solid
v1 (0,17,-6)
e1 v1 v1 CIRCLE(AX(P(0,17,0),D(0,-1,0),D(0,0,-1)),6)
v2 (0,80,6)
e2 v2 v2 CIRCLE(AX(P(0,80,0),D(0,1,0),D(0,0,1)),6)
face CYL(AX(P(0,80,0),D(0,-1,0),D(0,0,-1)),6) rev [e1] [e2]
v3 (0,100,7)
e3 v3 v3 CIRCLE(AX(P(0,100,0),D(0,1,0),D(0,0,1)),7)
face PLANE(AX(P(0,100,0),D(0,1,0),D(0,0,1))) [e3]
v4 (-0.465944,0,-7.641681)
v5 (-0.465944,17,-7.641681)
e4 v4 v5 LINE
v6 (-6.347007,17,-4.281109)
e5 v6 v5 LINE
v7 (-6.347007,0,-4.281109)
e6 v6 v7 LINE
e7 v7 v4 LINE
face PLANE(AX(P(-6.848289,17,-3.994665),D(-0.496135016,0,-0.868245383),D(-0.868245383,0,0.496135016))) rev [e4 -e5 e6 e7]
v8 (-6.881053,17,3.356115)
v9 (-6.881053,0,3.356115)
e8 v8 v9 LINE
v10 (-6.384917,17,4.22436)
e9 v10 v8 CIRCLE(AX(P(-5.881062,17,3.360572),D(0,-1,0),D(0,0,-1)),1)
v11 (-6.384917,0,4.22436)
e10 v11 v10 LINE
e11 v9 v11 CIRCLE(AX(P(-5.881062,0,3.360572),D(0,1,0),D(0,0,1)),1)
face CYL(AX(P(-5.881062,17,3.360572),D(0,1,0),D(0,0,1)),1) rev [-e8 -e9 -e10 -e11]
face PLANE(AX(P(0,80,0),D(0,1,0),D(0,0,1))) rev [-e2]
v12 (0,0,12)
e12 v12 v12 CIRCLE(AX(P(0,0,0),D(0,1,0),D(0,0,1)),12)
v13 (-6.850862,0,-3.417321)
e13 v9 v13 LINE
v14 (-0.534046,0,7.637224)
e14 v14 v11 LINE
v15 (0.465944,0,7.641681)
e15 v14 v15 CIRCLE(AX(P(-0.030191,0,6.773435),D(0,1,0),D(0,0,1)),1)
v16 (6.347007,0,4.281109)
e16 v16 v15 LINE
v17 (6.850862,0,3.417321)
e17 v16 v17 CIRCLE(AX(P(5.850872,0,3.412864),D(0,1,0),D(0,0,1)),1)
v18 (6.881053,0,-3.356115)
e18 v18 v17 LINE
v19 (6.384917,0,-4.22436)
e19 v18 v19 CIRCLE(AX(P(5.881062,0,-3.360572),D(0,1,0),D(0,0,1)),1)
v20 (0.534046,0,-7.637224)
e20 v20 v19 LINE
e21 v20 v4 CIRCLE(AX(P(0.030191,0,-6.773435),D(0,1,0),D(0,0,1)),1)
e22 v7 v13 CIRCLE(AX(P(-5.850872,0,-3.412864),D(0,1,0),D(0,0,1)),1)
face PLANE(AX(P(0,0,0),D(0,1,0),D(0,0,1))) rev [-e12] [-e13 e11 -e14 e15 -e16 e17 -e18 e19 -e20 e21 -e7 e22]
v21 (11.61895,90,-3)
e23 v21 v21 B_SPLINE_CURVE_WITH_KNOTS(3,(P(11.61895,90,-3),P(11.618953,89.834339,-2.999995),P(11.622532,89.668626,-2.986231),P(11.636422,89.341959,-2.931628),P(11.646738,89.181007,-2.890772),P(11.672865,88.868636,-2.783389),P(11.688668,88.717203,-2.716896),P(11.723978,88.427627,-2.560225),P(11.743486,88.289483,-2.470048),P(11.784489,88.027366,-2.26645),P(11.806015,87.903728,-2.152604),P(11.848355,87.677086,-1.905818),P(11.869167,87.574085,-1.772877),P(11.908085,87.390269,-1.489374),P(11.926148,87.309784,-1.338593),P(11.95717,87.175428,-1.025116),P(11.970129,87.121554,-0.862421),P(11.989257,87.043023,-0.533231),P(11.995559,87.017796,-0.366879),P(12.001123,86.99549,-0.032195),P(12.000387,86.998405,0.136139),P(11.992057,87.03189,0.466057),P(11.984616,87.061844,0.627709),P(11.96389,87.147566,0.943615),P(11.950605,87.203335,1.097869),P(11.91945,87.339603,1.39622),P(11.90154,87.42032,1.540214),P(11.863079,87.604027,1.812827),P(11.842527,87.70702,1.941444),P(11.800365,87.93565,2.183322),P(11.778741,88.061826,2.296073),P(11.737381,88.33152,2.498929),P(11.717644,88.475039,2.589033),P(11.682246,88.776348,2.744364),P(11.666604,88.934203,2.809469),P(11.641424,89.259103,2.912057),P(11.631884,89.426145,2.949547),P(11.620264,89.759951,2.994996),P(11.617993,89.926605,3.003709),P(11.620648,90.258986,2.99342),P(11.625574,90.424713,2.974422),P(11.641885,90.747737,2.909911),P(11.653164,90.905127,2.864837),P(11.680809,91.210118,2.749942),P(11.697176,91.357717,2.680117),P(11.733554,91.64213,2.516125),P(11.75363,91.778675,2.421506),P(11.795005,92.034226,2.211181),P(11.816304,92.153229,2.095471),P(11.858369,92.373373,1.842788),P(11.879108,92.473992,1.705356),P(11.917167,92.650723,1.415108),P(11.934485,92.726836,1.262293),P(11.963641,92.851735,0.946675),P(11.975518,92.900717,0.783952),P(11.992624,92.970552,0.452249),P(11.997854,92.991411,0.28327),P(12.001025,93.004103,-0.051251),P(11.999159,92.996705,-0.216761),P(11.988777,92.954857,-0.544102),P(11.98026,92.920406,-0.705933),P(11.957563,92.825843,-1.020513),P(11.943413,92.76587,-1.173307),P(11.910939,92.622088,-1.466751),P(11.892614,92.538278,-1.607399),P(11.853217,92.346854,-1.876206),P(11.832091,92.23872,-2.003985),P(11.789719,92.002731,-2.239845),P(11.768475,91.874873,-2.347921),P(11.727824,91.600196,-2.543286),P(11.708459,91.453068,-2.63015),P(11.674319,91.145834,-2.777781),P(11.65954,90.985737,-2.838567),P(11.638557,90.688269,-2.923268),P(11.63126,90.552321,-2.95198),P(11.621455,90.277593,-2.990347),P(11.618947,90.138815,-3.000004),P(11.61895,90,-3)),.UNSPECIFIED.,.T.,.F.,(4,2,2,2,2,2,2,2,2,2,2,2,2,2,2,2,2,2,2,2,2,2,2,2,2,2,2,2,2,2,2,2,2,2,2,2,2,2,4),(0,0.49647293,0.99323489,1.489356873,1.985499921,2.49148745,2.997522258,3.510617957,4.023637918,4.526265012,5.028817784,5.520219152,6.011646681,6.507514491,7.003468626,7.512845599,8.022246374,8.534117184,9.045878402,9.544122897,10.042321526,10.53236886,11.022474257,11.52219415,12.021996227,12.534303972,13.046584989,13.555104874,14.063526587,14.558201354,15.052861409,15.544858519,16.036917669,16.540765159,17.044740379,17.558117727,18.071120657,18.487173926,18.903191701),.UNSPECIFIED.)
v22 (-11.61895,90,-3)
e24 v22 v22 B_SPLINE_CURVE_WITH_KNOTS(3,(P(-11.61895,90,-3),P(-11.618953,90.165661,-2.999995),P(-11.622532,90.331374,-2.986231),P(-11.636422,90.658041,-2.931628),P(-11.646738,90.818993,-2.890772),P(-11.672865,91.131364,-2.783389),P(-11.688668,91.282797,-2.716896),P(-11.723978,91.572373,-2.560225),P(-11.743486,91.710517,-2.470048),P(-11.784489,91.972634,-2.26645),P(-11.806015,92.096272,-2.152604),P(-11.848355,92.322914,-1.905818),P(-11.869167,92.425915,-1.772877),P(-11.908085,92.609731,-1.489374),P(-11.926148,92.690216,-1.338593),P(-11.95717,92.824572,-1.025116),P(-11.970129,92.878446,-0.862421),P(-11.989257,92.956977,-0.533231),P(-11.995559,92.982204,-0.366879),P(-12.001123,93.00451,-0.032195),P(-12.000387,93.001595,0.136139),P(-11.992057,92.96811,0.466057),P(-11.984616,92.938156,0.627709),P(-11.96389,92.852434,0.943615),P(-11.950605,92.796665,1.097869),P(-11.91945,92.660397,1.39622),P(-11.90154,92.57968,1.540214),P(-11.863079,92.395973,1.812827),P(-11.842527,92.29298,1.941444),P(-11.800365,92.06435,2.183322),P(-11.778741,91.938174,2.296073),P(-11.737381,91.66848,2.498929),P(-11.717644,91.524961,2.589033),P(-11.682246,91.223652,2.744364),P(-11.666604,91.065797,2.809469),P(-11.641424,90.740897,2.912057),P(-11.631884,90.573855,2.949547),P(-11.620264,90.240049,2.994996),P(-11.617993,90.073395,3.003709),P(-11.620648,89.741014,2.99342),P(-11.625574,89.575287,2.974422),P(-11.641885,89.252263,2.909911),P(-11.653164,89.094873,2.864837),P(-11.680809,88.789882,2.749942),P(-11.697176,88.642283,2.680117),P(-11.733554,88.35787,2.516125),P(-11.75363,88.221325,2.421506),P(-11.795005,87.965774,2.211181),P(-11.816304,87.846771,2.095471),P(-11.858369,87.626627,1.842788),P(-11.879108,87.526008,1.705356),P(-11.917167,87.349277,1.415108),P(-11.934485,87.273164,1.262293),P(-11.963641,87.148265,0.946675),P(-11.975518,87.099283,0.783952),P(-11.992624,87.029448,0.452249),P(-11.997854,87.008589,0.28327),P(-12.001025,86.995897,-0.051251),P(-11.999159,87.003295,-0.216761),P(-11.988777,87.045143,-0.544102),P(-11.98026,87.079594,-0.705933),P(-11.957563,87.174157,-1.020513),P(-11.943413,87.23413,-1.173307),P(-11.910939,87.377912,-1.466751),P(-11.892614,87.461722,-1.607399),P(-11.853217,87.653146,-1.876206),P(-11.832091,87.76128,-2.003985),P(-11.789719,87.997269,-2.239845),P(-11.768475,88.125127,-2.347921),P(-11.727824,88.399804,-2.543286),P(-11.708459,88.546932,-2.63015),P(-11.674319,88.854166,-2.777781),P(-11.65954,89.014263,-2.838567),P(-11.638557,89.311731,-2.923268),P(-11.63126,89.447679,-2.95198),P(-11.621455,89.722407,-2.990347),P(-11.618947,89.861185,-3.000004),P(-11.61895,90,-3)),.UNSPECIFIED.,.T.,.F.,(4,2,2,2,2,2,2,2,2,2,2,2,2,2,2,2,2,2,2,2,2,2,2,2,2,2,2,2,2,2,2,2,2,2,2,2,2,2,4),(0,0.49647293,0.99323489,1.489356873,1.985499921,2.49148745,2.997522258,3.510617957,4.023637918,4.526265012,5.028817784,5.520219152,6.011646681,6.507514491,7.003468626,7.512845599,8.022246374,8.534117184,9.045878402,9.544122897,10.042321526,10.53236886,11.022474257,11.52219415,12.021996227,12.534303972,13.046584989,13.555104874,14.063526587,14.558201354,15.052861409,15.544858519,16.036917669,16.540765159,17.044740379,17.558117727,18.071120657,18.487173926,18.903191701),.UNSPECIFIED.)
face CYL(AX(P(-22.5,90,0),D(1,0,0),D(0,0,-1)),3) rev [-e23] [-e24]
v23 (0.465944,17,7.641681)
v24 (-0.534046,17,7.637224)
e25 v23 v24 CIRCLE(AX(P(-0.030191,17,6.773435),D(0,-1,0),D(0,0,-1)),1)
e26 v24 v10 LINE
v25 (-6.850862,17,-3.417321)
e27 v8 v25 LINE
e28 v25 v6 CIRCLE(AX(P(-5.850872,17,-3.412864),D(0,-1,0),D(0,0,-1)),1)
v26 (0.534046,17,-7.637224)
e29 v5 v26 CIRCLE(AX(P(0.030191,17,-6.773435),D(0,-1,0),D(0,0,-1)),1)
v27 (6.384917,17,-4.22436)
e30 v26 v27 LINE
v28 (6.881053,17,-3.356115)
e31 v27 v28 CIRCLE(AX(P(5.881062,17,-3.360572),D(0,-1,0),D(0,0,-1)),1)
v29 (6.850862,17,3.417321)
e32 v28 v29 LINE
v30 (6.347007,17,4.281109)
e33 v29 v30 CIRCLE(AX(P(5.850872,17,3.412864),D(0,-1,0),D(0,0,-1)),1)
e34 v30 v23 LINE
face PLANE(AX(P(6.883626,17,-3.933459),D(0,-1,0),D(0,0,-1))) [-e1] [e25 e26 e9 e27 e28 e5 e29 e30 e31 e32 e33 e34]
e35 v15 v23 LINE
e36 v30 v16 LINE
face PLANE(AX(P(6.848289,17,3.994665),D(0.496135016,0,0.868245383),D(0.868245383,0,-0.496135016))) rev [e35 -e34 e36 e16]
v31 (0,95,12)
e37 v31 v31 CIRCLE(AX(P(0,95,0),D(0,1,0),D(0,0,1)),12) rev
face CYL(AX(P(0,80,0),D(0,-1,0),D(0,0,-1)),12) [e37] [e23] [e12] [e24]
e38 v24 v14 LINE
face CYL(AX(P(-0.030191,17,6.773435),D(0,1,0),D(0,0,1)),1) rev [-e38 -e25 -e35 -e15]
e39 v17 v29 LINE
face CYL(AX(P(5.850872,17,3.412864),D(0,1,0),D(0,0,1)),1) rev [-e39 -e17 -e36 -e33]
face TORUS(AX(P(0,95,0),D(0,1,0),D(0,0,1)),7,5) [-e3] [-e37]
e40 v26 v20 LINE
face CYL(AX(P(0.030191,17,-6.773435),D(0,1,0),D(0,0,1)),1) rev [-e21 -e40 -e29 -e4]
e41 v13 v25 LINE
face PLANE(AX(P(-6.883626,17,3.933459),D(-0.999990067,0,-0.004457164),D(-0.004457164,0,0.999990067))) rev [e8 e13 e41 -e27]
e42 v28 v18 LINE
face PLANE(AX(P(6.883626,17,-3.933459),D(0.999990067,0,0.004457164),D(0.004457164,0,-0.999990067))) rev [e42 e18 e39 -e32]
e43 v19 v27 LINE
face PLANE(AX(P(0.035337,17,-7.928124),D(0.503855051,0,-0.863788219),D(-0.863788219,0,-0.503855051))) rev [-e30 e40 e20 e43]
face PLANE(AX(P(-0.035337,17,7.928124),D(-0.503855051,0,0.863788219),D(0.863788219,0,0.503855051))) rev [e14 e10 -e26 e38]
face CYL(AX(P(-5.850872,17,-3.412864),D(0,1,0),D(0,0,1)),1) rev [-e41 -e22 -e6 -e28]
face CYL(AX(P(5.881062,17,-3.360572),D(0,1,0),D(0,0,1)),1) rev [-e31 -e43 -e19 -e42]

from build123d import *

# Parameters (mm, degrees)
SKETCH_1_R          = 12
SKETCH_1_R_2        = 6
EXTRUDE_1_DEPTH     = 80
CUT_EXTRUDE_1_DEPTH = 17
FILLET_1_R          = 1
SKETCH_3_R          = 12
EXTRUDE_2_DEPTH     = 20
FILLET_2_R          = 5
SKETCH_4_R          = 3
CUT_EXTRUDE_3_DEPTH = 22.5


with BuildPart() as part:
    # Эскиз1 → Вытянуть1 (new body)
    with BuildSketch(Plane(origin=(0, 0, 0), x_dir=(1, 0, 0), z_dir=(0, 1, 0))):
        with Locations(Location((0, 0, 0), (0, 0, 270))):
            Circle(SKETCH_1_R)
        with Locations(Location((0, 0, 0), (0, 0, 270))):
            Circle(SKETCH_1_R_2, mode=Mode.SUBTRACT)
    extrude(amount=EXTRUDE_1_DEPTH)

    # Эскиз2 → Вырез-Вытянуть1 (cut)
    with BuildSketch(Plane.XZ):
        Polygon((6.883625854, -3.933459236), (6.84828855, 3.994665242), (-0.035337304, 7.928124478), (-6.883625854, 3.933459236), (-6.84828855, -3.994665242), (0.035337304, -7.928124478), align=None)
    extrude(amount=-CUT_EXTRUDE_1_DEPTH, mode=Mode.SUBTRACT)

    # Скругление1
    fillet_1_edges = [part.edges().sort_by_distance(p)[0] for p in [
        (6.883625854, 8.5, -3.933459236),
        (0.035337304, 8.5, -7.928124478),
        (-6.84828855, 8.5, -3.994665242),
        (-6.883625854, 8.5, 3.933459236),
        (-0.035337304, 8.5, 7.928124478),
        (6.84828855, 8.5, 3.994665242),
    ]]
    fillet(fillet_1_edges, radius=FILLET_1_R)

    # Эскиз3 → Вытянуть2 (add)
    with BuildSketch(Plane(origin=(0, 80, 0), x_dir=(1, 0, 0), z_dir=(0, 1, 0))):
        with Locations(Location((0, 0, 0), (0, 0, 270))):
            Circle(SKETCH_3_R)
    extrude(amount=EXTRUDE_2_DEPTH)

    # Скругление2
    fillet_2_edges = [part.edges().sort_by_distance(p)[0] for p in [
        (0, 100, -12),
    ]]
    fillet(fillet_2_edges, radius=FILLET_2_R)

    # Эскиз4 → Вытянуть3 (cut, symmetric)
    with BuildSketch(Plane(origin=(0, 0, 0), x_dir=(0, 0, -1), z_dir=(1, 0, 0))):
        with Locations((0, 90)):
            Circle(SKETCH_4_R)
    extrude(amount=CUT_EXTRUDE_3_DEPTH, both=True, mode=Mode.SUBTRACT)


solid = part.part
